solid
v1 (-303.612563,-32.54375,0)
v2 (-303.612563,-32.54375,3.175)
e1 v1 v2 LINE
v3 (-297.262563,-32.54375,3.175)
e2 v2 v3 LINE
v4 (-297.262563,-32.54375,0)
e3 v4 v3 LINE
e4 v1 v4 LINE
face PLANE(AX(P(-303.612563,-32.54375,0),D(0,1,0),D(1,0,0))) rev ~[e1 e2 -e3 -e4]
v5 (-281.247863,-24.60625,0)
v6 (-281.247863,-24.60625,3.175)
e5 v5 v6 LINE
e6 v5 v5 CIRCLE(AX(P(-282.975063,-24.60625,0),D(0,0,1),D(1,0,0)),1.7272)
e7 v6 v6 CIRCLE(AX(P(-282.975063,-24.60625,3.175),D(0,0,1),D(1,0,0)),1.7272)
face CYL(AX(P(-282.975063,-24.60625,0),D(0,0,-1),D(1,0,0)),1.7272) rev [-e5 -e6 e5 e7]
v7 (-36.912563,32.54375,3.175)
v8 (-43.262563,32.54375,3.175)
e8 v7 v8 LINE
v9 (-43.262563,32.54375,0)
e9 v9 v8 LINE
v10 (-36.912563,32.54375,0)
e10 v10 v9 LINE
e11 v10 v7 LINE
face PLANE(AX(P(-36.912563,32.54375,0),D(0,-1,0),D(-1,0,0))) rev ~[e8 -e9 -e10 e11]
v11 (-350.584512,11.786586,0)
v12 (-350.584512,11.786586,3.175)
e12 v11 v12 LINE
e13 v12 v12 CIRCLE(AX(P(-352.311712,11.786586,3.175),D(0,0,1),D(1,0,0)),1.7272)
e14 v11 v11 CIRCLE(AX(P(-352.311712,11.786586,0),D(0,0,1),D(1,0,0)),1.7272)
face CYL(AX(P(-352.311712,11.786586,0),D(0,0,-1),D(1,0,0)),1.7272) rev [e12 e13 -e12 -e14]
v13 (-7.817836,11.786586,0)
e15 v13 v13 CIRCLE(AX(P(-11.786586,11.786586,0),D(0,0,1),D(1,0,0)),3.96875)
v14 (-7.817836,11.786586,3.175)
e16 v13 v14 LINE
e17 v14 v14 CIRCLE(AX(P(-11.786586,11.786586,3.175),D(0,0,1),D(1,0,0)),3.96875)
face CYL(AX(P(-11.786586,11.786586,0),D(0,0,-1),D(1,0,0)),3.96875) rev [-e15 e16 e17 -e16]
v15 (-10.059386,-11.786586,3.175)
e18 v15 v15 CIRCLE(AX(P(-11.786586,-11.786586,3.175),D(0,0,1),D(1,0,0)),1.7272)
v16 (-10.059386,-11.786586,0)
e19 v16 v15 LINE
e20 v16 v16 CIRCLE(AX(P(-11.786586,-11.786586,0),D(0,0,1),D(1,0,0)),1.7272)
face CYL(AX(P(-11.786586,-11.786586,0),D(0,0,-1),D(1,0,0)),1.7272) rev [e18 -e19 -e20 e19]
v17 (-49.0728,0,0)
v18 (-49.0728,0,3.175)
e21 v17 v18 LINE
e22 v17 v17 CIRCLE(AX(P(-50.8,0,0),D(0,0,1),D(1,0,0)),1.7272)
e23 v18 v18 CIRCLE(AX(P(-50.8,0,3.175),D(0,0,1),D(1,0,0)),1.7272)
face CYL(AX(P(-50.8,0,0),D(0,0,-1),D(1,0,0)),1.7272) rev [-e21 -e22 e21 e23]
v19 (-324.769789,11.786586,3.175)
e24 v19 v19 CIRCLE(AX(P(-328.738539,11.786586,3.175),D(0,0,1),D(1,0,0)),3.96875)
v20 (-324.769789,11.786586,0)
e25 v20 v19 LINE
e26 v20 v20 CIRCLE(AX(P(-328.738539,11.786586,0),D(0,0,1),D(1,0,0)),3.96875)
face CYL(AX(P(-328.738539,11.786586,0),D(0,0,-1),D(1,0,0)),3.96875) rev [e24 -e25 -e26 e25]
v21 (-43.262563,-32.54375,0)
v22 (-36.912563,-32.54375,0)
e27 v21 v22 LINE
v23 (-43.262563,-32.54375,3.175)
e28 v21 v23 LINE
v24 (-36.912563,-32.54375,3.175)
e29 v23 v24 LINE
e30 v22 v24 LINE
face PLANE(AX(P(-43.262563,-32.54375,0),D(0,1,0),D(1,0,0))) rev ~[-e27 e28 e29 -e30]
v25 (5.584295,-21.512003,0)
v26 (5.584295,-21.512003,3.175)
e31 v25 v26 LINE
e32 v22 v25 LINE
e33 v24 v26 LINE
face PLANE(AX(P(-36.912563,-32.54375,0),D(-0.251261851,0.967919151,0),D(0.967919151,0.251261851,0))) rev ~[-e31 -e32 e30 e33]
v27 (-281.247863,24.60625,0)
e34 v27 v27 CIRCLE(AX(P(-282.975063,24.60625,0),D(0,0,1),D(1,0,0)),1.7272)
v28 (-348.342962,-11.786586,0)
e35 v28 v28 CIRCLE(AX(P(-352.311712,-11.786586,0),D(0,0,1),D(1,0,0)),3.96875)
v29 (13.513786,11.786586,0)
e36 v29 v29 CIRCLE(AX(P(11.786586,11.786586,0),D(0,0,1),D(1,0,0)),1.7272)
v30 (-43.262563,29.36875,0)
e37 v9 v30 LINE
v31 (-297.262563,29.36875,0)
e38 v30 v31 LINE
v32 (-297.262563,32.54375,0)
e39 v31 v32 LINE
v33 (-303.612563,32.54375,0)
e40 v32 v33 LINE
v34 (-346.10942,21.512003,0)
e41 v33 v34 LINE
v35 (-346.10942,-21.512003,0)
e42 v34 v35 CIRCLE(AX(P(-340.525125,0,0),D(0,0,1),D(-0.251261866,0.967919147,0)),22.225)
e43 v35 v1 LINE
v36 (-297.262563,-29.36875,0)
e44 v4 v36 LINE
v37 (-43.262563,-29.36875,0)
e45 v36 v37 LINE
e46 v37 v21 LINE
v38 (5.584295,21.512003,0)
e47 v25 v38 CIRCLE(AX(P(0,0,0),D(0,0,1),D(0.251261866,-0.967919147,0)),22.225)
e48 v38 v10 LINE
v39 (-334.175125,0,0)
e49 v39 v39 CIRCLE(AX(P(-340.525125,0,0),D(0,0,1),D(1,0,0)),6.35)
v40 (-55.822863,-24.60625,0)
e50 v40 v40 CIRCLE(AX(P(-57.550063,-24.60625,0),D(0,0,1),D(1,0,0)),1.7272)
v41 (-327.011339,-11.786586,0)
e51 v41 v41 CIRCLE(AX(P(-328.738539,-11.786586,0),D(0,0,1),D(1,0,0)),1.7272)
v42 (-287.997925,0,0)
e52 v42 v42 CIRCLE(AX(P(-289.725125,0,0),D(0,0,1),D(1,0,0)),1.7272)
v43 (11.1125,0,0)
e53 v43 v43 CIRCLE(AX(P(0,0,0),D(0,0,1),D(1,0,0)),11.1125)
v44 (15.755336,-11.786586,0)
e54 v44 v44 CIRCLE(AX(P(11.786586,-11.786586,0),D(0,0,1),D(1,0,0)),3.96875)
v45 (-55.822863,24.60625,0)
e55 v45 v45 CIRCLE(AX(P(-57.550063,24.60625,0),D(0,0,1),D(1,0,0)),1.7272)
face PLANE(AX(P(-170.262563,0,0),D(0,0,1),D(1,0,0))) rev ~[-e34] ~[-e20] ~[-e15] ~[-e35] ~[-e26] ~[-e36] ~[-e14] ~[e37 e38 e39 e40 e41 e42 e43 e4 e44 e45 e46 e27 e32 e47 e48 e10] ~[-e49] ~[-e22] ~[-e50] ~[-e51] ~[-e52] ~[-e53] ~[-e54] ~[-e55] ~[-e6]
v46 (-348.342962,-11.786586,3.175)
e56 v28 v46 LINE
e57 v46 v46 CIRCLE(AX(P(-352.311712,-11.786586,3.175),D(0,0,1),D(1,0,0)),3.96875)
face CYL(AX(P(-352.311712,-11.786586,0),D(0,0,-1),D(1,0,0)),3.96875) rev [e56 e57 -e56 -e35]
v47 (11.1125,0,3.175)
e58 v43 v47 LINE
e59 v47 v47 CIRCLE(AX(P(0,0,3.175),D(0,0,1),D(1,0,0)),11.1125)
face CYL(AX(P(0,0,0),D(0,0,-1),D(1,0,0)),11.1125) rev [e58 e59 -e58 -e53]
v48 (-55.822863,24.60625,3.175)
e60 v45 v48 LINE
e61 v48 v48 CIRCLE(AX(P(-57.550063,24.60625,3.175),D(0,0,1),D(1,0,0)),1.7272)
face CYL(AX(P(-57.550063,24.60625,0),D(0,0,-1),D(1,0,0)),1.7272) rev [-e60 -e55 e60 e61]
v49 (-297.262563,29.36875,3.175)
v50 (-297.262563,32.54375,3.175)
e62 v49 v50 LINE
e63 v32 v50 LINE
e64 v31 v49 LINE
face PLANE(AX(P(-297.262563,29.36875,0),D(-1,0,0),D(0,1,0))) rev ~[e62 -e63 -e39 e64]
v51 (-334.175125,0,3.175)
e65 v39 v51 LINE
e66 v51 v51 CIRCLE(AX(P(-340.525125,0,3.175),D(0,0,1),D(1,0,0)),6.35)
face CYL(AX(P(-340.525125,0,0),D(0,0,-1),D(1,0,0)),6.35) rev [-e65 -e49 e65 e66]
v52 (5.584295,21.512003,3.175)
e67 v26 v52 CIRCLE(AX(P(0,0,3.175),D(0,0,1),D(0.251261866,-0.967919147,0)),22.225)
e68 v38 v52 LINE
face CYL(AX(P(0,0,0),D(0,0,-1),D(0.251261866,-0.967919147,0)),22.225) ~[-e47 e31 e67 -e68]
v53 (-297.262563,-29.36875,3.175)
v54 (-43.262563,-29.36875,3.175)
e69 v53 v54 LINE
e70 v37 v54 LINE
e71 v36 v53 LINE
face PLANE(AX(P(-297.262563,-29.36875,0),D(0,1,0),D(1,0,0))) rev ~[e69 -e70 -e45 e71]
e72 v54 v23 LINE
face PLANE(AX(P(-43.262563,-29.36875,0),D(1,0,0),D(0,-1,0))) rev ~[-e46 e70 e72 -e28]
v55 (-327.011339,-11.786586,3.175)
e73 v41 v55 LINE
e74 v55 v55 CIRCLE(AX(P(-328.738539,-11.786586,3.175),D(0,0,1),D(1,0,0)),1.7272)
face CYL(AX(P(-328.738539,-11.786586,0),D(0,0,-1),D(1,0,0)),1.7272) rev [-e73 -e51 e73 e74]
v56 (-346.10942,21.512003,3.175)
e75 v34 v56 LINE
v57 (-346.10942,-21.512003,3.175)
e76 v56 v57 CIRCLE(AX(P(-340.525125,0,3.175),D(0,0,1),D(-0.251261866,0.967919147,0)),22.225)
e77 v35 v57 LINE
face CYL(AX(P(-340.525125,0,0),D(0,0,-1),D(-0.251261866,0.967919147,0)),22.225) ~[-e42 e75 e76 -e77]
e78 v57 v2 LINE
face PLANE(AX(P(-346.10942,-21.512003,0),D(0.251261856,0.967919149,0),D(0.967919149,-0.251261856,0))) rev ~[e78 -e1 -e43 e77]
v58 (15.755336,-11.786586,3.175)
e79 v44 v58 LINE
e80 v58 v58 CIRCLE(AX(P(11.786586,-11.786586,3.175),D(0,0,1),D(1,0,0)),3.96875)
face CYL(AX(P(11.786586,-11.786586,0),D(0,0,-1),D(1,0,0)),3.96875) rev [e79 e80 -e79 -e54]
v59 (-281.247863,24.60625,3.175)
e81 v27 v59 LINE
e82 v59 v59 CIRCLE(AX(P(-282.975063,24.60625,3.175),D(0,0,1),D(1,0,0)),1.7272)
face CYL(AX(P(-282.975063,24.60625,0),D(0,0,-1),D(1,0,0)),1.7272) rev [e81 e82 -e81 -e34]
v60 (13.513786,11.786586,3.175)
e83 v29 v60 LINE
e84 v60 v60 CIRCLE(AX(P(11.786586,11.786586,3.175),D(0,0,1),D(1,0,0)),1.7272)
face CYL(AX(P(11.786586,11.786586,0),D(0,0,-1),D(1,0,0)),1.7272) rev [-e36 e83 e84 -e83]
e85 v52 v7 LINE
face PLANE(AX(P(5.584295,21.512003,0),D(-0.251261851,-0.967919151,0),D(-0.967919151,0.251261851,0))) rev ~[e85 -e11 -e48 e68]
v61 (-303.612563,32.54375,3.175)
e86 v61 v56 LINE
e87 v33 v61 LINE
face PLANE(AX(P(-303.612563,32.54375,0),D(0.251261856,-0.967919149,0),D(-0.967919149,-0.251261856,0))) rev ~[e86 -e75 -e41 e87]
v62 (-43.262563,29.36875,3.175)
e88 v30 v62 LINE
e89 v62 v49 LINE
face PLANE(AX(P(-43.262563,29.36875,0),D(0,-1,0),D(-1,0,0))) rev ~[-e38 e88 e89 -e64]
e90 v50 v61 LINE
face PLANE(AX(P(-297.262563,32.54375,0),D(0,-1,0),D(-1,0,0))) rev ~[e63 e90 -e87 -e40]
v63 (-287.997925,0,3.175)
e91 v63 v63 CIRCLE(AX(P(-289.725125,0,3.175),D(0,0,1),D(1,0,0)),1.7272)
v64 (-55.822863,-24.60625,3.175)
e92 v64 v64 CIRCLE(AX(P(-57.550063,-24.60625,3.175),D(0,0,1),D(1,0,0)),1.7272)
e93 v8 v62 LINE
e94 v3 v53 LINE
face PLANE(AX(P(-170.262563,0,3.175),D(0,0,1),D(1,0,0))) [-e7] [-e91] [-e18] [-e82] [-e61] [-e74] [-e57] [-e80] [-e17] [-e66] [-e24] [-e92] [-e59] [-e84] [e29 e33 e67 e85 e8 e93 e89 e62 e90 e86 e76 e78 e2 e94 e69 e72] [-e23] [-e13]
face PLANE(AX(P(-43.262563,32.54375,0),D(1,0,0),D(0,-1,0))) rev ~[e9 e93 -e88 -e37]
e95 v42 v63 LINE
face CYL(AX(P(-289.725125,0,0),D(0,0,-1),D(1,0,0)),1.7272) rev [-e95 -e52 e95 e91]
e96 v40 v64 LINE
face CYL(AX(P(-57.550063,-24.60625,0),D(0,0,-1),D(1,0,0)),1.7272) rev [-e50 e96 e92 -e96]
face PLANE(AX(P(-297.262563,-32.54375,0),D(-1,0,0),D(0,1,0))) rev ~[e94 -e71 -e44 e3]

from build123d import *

# Parameters (mm, degrees)
F0_R     = 1.7272
F0_R_2   = 3.96875
F0_R_3   = 6.35
F0_R_4   = 11.1125
F1_DEPTH = 3.175


with BuildPart() as f1:
    # F0 (on Top) → F1 (new body)
    with BuildSketch(Plane.XY):
        with BuildLine():
            Line((-303.612563, 32.54375), (-346.10942, 21.512003))
            ThreePointArc((-346.10942, 21.512003), (-362.750125, 0), (-346.10942, -21.512003))
            Line((-346.10942, -21.512003), (-303.612563, -32.54375))
            Line((-303.612563, -32.54375), (-297.262563, -32.54375))
            Line((-297.262563, -32.54375), (-297.262563, -29.36875))
            Line((-297.262563, -29.36875), (-43.262563, -29.36875))
            Line((-43.262563, -29.36875), (-43.262563, -32.54375))
            Line((-43.262563, -32.54375), (-36.912563, -32.54375))
            Line((-36.912563, -32.54375), (5.584295, -21.512003))
            ThreePointArc((5.584295, -21.512003), (22.225, 0), (5.584295, 21.512003))
            Line((5.584295, 21.512003), (-36.912563, 32.54375))
            Line((-36.912563, 32.54375), (-43.262563, 32.54375))
            Line((-43.262563, 32.54375), (-43.262563, 29.36875))
            Line((-43.262563, 29.36875), (-297.262563, 29.36875))
            Line((-297.262563, 29.36875), (-297.262563, 32.54375))
            Line((-297.262563, 32.54375), (-303.612563, 32.54375))
        make_face()
        with Locations((-282.975063, -24.60625)):
            Circle(F0_R, mode=Mode.SUBTRACT)
        with Locations((-352.311712, -11.786586)):
            Circle(F0_R_2, mode=Mode.SUBTRACT)
        with Locations((-328.738539, -11.786586)):
            Circle(F0_R, mode=Mode.SUBTRACT)
        with Locations((-57.550063, -24.60625)):
            Circle(F0_R, mode=Mode.SUBTRACT)
        with Locations((-11.786586, -11.786586)):
            Circle(F0_R, mode=Mode.SUBTRACT)
        with Locations((11.786586, -11.786586)):
            Circle(F0_R_2, mode=Mode.SUBTRACT)
        with Locations((-340.525125, 0)):
            Circle(F0_R_3, mode=Mode.SUBTRACT)
        with Locations((-289.725125, 0)):
            Circle(F0_R, mode=Mode.SUBTRACT)
        with Locations((-352.311712, 11.786586)):
            Circle(F0_R, mode=Mode.SUBTRACT)
        with Locations((-328.738539, 11.786586)):
            Circle(F0_R_2, mode=Mode.SUBTRACT)
        with Locations((-282.975063, 24.60625)):
            Circle(F0_R, mode=Mode.SUBTRACT)
        with Locations((-50.8, 0)):
            Circle(F0_R, mode=Mode.SUBTRACT)
        Circle(F0_R_4, mode=Mode.SUBTRACT)
        with Locations((-11.786586, 11.786586)):
            Circle(F0_R_2, mode=Mode.SUBTRACT)
        with Locations((11.786586, 11.786586)):
            Circle(F0_R, mode=Mode.SUBTRACT)
        with Locations((-57.550063, 24.60625)):
            Circle(F0_R, mode=Mode.SUBTRACT)
    extrude(amount=F1_DEPTH)


solid = f1.part
